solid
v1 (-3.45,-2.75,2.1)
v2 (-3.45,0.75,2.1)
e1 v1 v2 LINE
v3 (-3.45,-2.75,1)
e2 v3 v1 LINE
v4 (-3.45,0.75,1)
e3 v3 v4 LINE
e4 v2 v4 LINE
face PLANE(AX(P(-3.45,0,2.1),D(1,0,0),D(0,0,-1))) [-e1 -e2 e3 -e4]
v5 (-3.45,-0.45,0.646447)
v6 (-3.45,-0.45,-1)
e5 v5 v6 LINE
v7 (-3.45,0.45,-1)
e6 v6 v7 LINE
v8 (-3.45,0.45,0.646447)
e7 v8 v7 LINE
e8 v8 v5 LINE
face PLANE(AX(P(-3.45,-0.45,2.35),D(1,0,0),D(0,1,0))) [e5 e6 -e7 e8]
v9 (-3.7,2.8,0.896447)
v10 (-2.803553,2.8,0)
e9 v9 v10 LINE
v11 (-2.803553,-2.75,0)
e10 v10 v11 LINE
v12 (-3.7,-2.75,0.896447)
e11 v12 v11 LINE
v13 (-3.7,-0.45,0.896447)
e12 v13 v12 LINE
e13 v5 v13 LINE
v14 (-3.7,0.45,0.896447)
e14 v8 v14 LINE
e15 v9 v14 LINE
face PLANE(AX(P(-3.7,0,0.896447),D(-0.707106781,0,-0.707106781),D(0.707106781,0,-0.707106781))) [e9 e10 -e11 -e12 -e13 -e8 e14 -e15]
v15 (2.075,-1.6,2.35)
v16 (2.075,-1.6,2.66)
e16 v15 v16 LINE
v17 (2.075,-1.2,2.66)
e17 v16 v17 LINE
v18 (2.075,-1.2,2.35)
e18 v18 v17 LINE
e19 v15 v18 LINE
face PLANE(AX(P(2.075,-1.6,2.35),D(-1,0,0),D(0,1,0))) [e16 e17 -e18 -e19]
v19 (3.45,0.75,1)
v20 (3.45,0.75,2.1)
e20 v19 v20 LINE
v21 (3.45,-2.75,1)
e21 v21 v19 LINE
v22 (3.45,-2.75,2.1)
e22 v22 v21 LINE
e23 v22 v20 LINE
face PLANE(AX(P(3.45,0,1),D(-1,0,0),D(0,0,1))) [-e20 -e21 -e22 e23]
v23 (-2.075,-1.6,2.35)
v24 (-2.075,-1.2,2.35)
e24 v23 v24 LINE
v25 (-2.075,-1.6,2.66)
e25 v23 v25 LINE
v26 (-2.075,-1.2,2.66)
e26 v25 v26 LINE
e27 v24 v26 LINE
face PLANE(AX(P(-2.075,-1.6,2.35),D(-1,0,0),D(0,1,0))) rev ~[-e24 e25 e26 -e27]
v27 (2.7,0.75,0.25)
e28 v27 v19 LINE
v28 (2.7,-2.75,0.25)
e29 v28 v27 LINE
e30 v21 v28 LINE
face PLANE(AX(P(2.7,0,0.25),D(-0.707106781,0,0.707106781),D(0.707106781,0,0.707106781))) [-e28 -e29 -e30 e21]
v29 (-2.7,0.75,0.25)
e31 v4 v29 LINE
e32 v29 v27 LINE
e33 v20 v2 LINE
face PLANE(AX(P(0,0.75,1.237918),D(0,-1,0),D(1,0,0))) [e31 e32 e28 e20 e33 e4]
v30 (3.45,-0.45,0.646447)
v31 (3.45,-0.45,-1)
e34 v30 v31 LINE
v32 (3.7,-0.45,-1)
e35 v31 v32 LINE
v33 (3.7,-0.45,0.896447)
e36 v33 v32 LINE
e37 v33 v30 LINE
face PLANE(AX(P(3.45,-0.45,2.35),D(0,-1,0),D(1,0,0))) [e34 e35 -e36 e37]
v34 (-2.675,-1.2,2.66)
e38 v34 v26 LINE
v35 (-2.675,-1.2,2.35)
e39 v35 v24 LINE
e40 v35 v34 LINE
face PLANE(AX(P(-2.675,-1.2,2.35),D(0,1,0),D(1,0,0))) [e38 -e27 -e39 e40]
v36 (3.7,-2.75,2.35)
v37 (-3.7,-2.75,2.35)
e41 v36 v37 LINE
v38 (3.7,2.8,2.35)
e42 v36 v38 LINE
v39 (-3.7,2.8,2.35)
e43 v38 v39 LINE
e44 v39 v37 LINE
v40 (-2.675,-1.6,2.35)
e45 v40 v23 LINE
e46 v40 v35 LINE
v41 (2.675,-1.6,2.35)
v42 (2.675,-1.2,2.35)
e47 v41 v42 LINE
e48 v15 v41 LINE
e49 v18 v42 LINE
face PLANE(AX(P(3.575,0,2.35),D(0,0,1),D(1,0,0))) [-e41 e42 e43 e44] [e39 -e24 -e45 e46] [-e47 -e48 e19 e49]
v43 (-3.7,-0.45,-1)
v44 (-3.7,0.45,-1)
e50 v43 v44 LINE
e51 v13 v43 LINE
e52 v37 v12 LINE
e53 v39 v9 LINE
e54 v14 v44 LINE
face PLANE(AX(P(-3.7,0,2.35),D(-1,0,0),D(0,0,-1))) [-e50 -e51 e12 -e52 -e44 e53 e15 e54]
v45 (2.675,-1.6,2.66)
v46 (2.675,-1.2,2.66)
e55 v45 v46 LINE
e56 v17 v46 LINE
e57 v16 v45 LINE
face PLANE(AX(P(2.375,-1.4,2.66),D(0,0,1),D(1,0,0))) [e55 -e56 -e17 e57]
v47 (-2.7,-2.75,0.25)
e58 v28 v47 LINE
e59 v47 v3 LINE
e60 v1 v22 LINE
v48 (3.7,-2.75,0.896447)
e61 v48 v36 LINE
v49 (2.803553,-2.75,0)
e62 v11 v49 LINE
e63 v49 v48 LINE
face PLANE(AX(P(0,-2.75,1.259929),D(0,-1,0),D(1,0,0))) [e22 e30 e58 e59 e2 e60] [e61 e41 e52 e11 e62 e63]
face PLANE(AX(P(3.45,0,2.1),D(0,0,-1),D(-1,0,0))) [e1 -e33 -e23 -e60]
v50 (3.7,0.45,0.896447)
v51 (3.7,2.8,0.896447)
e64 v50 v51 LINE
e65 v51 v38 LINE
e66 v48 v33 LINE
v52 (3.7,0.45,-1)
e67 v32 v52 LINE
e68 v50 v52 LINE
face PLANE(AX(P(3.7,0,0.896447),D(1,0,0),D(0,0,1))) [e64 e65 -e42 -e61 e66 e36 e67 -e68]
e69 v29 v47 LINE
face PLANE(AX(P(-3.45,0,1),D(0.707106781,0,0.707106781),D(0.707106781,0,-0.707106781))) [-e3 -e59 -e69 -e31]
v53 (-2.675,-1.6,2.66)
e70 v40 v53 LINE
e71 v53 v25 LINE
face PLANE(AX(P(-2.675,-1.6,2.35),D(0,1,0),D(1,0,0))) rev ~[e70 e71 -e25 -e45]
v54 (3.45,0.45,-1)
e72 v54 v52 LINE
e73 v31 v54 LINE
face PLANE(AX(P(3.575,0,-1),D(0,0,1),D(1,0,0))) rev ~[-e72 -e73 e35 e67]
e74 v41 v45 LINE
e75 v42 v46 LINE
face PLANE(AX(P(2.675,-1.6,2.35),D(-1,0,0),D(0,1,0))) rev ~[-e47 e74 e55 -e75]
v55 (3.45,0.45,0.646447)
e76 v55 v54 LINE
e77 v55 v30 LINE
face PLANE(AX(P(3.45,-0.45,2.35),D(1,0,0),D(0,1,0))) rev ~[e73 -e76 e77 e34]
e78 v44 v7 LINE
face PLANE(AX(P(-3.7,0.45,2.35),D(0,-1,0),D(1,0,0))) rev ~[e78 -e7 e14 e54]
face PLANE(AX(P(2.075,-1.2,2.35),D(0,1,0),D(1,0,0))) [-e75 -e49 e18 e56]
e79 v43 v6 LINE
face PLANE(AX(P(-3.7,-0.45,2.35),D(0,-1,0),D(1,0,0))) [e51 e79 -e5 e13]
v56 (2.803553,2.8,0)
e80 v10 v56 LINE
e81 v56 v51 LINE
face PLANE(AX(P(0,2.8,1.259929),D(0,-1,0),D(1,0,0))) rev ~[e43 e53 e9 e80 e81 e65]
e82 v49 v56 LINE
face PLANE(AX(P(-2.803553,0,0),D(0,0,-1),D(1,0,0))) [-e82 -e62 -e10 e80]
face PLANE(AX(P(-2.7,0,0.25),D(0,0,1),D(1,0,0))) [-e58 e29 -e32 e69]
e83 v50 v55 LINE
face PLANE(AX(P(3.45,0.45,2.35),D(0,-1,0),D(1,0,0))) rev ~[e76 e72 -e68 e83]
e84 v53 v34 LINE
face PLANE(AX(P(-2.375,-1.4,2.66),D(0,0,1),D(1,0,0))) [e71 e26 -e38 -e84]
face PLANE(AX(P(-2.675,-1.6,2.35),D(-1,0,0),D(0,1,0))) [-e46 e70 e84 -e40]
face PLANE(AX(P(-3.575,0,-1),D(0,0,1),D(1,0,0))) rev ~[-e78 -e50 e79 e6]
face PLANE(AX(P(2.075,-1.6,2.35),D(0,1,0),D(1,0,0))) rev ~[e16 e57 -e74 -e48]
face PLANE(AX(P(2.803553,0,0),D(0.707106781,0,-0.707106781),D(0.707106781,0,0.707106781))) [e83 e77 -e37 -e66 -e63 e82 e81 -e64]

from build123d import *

# Parameters (mm, degrees)
BULK_DEPTH              = 2.75
BULK_DEPTH_BACK         = 2.8
PEG_BASE_SKETCH_W       = 0.25
PEG_BASE_SKETCH_H       = 0.9
PEGS_DEPTH              = 3.35
RECEPTACLE_DEPTH        = 3.75
RECEPTACLE_DEPTH_BACK   = 0.75
SKETCH3_W               = 0.6
SKETCH3_H               = 0.4
UPPER_FINS_DEPTH        = 0.31
ALTIUM_AXIS_ALIGN_ANGLE = 90


with BuildPart() as part:
    # Base sketch → Bulk (new body, two sides)
    with BuildSketch(Plane.XY) as bulk_sk:
        Polygon((3.7, 2.35), (-3.7, 2.35), (-3.7, 0.896446609), (-2.803553391, 0), (2.803553391, 0), (3.7, 0.896446609), align=None)
    extrude(amount=BULK_DEPTH)
    extrude(bulk_sk.sketch, amount=-BULK_DEPTH_BACK)

    # Peg base sketch → Pegs (add)
    with BuildSketch(Plane(origin=(0, 2.35, 0), x_dir=(1, 0, 0), z_dir=(0, 1, 0))):
        with Locations((3.575, 0)):
            Rectangle(PEG_BASE_SKETCH_W, PEG_BASE_SKETCH_H)
        with Locations((-3.575, 0)):
            Rectangle(PEG_BASE_SKETCH_W, PEG_BASE_SKETCH_H)
    extrude(amount=-PEGS_DEPTH)

    # Base sketch<3> → Receptacle (cut, two sides)
    with BuildSketch(Plane.XY) as receptacle_sk:
        Polygon((-3.45, 1), (-2.7, 0.25), (2.7, 0.25), (3.45, 1), (3.45, 2.1), (-3.45, 2.1), align=None)
    extrude(amount=RECEPTACLE_DEPTH, mode=Mode.SUBTRACT)
    extrude(receptacle_sk.sketch, amount=-RECEPTACLE_DEPTH_BACK, mode=Mode.SUBTRACT)

    # Sketch3 → Upper fins (add)
    with BuildSketch(Plane(origin=(0, 2.35, 0), x_dir=(1, 0, 0), z_dir=(0, 1, 0))):
        with Locations((-2.375, -1.4)):
            Rectangle(SKETCH3_W, SKETCH3_H)
        with Locations((2.375, -1.4)):
            Rectangle(SKETCH3_W, SKETCH3_H)
    extrude(amount=UPPER_FINS_DEPTH)


with BuildPart() as part_1:
    # Altium axis align: moved
    add(part.part.rotate(Axis((0, 0, 0), (1, 0, 0)), ALTIUM_AXIS_ALIGN_ANGLE))


solid = part_1.part
